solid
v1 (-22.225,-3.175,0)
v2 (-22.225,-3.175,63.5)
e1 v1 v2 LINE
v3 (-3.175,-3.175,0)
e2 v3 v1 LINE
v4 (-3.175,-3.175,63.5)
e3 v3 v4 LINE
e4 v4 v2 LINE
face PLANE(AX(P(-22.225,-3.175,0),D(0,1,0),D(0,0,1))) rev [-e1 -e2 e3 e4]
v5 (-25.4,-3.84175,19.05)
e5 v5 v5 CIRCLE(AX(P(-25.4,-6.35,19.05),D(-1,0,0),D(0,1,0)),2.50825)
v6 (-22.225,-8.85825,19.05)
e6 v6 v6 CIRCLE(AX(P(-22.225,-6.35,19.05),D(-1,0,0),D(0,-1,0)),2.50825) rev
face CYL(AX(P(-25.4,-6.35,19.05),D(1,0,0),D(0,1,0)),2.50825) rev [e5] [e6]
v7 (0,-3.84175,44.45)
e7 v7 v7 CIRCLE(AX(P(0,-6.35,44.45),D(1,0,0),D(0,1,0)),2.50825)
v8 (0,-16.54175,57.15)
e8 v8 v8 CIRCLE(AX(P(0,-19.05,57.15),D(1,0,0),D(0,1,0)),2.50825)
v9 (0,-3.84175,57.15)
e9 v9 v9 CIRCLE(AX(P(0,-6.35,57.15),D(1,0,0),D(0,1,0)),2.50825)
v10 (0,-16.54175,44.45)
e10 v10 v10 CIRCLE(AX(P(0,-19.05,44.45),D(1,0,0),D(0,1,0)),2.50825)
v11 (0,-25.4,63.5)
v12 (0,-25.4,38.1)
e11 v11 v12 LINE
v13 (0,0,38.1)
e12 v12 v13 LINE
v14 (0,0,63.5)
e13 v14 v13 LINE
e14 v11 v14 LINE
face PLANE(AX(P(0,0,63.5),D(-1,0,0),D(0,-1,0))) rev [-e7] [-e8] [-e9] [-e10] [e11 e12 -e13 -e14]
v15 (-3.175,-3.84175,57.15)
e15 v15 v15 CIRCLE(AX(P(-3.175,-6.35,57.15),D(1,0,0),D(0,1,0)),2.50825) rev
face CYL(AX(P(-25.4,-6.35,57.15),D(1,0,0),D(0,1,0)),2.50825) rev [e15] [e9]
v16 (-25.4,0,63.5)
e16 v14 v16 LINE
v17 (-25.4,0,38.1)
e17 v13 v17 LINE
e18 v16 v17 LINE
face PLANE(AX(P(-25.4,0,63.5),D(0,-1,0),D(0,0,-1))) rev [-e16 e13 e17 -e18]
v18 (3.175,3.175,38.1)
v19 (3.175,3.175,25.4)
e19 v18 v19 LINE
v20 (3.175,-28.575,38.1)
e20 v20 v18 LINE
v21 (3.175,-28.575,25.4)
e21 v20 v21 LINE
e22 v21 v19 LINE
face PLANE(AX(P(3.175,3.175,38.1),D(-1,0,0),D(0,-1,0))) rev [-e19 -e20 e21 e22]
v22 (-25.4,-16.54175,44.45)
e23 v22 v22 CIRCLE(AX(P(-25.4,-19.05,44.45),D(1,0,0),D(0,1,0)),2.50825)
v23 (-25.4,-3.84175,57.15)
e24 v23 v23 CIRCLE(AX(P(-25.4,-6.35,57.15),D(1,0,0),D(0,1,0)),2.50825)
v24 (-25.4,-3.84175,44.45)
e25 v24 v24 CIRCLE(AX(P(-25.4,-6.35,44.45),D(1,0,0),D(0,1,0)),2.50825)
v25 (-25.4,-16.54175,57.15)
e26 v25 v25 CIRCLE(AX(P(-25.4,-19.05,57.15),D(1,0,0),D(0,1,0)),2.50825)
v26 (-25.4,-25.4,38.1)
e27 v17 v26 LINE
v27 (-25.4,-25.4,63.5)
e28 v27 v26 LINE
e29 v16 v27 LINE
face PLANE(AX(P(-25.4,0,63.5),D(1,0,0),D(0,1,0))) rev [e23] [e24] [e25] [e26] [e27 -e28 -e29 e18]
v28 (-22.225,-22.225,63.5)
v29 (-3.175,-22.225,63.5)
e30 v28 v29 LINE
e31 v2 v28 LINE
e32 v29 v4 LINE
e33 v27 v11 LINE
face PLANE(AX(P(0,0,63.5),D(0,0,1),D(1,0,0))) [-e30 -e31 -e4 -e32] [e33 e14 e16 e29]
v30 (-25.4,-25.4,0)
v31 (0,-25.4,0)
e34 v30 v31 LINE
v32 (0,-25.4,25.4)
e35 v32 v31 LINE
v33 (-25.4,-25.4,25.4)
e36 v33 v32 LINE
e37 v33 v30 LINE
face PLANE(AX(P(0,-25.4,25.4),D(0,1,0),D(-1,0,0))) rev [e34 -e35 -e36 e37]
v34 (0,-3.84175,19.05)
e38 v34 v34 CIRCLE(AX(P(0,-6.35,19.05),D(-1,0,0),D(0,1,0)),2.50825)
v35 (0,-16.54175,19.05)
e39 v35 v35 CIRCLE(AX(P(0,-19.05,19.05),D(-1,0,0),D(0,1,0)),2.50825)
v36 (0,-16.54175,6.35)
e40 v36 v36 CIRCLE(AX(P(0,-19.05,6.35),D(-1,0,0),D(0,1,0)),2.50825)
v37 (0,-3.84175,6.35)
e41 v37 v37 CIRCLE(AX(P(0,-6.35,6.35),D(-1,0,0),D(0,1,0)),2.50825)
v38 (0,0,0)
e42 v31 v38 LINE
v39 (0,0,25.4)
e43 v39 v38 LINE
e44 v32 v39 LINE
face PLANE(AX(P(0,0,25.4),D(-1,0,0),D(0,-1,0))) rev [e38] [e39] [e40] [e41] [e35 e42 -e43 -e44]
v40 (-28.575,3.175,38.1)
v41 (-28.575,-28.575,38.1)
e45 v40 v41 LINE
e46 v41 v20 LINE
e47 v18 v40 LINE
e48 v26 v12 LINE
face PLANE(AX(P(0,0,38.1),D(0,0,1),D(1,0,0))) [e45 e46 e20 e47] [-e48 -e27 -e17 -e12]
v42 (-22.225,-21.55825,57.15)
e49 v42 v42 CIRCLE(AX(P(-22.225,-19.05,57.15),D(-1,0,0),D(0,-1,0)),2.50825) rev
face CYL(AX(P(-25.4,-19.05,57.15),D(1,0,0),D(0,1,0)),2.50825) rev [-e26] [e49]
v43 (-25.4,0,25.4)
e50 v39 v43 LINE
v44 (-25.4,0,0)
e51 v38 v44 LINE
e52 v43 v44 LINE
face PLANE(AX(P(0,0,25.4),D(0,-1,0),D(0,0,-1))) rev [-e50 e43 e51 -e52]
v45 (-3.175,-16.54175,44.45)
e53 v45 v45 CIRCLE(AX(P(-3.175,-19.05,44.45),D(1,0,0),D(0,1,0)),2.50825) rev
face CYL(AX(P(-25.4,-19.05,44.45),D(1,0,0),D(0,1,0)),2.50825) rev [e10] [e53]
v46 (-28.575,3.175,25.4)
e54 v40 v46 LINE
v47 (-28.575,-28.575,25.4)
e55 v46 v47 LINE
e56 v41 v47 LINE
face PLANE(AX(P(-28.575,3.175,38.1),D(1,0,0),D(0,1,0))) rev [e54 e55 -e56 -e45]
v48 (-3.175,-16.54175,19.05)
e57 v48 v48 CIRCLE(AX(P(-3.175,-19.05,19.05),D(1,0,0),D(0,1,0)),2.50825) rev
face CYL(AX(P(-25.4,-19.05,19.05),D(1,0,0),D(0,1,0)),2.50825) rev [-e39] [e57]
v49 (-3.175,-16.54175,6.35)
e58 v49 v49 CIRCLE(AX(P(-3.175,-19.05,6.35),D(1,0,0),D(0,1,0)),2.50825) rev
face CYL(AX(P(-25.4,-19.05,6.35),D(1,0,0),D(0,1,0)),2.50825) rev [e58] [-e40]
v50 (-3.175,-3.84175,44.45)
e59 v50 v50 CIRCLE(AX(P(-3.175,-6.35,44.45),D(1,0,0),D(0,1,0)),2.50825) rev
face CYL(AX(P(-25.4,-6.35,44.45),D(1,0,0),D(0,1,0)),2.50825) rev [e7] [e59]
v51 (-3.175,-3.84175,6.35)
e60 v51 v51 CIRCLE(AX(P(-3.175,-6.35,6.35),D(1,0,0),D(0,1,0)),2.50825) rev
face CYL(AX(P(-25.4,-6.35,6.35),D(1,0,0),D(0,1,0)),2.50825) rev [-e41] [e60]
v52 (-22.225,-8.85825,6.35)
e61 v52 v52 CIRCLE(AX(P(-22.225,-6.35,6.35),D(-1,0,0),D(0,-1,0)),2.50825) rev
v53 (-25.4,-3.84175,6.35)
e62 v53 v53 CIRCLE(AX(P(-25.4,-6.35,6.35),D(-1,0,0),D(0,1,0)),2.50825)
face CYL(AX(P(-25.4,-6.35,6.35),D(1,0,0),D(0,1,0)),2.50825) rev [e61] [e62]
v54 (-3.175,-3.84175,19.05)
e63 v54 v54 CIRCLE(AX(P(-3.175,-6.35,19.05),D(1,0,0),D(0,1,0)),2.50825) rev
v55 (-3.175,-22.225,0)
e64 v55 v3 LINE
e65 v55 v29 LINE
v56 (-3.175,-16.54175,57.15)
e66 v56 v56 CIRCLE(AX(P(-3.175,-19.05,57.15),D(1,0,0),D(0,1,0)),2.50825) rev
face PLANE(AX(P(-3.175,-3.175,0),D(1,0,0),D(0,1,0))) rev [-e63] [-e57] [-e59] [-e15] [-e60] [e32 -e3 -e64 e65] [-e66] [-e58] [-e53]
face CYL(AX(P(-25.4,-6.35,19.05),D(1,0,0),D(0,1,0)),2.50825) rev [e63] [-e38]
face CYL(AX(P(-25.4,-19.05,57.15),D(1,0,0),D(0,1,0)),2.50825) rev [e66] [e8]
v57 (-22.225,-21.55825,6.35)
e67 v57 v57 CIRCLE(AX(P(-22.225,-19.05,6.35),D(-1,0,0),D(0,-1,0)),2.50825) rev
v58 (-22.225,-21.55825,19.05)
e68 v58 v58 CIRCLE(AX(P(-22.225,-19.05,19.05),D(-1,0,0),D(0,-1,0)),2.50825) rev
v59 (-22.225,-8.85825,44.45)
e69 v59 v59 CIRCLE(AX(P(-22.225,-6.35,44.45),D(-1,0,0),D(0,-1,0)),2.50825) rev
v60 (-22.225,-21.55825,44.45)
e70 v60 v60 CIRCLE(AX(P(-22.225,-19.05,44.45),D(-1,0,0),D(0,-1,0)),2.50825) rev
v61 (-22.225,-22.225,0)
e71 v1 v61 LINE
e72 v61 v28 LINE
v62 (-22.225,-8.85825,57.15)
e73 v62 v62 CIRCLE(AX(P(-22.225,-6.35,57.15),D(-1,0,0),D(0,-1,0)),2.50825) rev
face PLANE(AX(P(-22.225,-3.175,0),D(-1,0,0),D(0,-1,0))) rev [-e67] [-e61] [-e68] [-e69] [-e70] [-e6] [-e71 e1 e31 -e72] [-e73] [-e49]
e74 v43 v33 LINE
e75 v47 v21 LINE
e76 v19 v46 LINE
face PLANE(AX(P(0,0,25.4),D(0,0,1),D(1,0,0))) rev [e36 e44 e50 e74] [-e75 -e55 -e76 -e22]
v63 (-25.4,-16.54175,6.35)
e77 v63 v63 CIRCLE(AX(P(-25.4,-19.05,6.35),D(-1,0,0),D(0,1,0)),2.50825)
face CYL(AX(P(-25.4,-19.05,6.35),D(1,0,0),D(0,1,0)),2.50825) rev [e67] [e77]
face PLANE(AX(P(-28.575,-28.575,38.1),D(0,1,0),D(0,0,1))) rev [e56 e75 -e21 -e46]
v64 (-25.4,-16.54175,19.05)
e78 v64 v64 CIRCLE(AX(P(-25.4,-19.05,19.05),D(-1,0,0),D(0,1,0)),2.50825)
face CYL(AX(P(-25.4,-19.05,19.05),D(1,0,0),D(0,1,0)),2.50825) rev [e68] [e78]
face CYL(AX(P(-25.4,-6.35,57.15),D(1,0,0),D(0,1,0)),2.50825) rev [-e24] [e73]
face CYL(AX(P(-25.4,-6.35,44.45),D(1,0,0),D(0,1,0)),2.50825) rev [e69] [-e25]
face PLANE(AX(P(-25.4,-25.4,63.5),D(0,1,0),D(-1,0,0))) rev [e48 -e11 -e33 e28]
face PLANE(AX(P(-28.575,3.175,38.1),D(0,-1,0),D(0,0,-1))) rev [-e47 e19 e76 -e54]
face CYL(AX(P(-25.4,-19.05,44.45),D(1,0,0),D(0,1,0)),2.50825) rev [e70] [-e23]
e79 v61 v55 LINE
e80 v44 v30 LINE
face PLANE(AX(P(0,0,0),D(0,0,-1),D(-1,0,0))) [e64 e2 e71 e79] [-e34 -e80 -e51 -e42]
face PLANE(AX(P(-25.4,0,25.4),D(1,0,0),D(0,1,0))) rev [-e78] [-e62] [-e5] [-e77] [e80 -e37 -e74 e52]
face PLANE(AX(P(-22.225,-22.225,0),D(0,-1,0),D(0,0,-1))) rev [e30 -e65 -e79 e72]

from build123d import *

# Parameters (mm, degrees)
SKETCH1_W           = 25.4
SKETCH1_H           = 25.4
BOSS_EXTRUDE1_DEPTH = 25.4
SKETCH2_W           = 31.75
SKETCH2_H           = 31.75
BOSS_EXTRUDE2_DEPTH = 12.7
SKETCH3_W           = 25.4
SKETCH3_H           = 25.4
BOSS_EXTRUDE3_DEPTH = 25.4
SKETCH4_R           = 2.50825
CUT_EXTRUDE2_DEPTH  = 25.4
SKETCH5_W           = 19.05
SKETCH5_H           = 19.05
CUT_EXTRUDE3_DEPTH  = 63.5


with BuildPart() as part:
    # Sketch1 → Boss-Extrude1 (new body)
    with BuildSketch(Plane.XY):
        with Locations((-12.7, -12.7)):
            Rectangle(SKETCH1_W, SKETCH1_H)
    extrude(amount=BOSS_EXTRUDE1_DEPTH)

    # Sketch2 → Boss-Extrude2 (add)
    with BuildSketch(Plane.XY.offset(25.4)):
        with Locations((-12.7, -12.7)):
            Rectangle(SKETCH2_W, SKETCH2_H)
    extrude(amount=BOSS_EXTRUDE2_DEPTH)

    # Sketch3 → Boss-Extrude3 (add)
    with BuildSketch(Plane.XY.offset(38.1)):
        with Locations((-12.7, -12.7)):
            Rectangle(SKETCH3_W, SKETCH3_H)
    extrude(amount=BOSS_EXTRUDE3_DEPTH)

    # Sketch4 → Cut-Extrude2 (cut)
    with BuildSketch(Plane(origin=(0, 0, 0), x_dir=(0, 0, -1), z_dir=(1, 0, 0))):
        with Locations((-57.15, -6.35)):
            Circle(SKETCH4_R)
        with Locations((-44.45, -6.35)):
            Circle(SKETCH4_R)
        with Locations((-57.15, -19.05)):
            Circle(SKETCH4_R)
        with Locations((-44.45, -19.05)):
            Circle(SKETCH4_R)
    cut_extrude2 = extrude(amount=-CUT_EXTRUDE2_DEPTH, mode=Mode.SUBTRACT)

    # Sketch5 → Cut-Extrude3 (cut)
    with BuildSketch(Plane.XY.offset(63.5)):
        with Locations((-12.7, -12.7)):
            Rectangle(SKETCH5_W, SKETCH5_H)
    extrude(amount=-CUT_EXTRUDE3_DEPTH, mode=Mode.SUBTRACT)

    # Mirror1: Cut-Extrude2 across plane
    add(cut_extrude2.mirror(Plane.XY.offset(31.75)), mode=Mode.SUBTRACT)


solid = part.part
